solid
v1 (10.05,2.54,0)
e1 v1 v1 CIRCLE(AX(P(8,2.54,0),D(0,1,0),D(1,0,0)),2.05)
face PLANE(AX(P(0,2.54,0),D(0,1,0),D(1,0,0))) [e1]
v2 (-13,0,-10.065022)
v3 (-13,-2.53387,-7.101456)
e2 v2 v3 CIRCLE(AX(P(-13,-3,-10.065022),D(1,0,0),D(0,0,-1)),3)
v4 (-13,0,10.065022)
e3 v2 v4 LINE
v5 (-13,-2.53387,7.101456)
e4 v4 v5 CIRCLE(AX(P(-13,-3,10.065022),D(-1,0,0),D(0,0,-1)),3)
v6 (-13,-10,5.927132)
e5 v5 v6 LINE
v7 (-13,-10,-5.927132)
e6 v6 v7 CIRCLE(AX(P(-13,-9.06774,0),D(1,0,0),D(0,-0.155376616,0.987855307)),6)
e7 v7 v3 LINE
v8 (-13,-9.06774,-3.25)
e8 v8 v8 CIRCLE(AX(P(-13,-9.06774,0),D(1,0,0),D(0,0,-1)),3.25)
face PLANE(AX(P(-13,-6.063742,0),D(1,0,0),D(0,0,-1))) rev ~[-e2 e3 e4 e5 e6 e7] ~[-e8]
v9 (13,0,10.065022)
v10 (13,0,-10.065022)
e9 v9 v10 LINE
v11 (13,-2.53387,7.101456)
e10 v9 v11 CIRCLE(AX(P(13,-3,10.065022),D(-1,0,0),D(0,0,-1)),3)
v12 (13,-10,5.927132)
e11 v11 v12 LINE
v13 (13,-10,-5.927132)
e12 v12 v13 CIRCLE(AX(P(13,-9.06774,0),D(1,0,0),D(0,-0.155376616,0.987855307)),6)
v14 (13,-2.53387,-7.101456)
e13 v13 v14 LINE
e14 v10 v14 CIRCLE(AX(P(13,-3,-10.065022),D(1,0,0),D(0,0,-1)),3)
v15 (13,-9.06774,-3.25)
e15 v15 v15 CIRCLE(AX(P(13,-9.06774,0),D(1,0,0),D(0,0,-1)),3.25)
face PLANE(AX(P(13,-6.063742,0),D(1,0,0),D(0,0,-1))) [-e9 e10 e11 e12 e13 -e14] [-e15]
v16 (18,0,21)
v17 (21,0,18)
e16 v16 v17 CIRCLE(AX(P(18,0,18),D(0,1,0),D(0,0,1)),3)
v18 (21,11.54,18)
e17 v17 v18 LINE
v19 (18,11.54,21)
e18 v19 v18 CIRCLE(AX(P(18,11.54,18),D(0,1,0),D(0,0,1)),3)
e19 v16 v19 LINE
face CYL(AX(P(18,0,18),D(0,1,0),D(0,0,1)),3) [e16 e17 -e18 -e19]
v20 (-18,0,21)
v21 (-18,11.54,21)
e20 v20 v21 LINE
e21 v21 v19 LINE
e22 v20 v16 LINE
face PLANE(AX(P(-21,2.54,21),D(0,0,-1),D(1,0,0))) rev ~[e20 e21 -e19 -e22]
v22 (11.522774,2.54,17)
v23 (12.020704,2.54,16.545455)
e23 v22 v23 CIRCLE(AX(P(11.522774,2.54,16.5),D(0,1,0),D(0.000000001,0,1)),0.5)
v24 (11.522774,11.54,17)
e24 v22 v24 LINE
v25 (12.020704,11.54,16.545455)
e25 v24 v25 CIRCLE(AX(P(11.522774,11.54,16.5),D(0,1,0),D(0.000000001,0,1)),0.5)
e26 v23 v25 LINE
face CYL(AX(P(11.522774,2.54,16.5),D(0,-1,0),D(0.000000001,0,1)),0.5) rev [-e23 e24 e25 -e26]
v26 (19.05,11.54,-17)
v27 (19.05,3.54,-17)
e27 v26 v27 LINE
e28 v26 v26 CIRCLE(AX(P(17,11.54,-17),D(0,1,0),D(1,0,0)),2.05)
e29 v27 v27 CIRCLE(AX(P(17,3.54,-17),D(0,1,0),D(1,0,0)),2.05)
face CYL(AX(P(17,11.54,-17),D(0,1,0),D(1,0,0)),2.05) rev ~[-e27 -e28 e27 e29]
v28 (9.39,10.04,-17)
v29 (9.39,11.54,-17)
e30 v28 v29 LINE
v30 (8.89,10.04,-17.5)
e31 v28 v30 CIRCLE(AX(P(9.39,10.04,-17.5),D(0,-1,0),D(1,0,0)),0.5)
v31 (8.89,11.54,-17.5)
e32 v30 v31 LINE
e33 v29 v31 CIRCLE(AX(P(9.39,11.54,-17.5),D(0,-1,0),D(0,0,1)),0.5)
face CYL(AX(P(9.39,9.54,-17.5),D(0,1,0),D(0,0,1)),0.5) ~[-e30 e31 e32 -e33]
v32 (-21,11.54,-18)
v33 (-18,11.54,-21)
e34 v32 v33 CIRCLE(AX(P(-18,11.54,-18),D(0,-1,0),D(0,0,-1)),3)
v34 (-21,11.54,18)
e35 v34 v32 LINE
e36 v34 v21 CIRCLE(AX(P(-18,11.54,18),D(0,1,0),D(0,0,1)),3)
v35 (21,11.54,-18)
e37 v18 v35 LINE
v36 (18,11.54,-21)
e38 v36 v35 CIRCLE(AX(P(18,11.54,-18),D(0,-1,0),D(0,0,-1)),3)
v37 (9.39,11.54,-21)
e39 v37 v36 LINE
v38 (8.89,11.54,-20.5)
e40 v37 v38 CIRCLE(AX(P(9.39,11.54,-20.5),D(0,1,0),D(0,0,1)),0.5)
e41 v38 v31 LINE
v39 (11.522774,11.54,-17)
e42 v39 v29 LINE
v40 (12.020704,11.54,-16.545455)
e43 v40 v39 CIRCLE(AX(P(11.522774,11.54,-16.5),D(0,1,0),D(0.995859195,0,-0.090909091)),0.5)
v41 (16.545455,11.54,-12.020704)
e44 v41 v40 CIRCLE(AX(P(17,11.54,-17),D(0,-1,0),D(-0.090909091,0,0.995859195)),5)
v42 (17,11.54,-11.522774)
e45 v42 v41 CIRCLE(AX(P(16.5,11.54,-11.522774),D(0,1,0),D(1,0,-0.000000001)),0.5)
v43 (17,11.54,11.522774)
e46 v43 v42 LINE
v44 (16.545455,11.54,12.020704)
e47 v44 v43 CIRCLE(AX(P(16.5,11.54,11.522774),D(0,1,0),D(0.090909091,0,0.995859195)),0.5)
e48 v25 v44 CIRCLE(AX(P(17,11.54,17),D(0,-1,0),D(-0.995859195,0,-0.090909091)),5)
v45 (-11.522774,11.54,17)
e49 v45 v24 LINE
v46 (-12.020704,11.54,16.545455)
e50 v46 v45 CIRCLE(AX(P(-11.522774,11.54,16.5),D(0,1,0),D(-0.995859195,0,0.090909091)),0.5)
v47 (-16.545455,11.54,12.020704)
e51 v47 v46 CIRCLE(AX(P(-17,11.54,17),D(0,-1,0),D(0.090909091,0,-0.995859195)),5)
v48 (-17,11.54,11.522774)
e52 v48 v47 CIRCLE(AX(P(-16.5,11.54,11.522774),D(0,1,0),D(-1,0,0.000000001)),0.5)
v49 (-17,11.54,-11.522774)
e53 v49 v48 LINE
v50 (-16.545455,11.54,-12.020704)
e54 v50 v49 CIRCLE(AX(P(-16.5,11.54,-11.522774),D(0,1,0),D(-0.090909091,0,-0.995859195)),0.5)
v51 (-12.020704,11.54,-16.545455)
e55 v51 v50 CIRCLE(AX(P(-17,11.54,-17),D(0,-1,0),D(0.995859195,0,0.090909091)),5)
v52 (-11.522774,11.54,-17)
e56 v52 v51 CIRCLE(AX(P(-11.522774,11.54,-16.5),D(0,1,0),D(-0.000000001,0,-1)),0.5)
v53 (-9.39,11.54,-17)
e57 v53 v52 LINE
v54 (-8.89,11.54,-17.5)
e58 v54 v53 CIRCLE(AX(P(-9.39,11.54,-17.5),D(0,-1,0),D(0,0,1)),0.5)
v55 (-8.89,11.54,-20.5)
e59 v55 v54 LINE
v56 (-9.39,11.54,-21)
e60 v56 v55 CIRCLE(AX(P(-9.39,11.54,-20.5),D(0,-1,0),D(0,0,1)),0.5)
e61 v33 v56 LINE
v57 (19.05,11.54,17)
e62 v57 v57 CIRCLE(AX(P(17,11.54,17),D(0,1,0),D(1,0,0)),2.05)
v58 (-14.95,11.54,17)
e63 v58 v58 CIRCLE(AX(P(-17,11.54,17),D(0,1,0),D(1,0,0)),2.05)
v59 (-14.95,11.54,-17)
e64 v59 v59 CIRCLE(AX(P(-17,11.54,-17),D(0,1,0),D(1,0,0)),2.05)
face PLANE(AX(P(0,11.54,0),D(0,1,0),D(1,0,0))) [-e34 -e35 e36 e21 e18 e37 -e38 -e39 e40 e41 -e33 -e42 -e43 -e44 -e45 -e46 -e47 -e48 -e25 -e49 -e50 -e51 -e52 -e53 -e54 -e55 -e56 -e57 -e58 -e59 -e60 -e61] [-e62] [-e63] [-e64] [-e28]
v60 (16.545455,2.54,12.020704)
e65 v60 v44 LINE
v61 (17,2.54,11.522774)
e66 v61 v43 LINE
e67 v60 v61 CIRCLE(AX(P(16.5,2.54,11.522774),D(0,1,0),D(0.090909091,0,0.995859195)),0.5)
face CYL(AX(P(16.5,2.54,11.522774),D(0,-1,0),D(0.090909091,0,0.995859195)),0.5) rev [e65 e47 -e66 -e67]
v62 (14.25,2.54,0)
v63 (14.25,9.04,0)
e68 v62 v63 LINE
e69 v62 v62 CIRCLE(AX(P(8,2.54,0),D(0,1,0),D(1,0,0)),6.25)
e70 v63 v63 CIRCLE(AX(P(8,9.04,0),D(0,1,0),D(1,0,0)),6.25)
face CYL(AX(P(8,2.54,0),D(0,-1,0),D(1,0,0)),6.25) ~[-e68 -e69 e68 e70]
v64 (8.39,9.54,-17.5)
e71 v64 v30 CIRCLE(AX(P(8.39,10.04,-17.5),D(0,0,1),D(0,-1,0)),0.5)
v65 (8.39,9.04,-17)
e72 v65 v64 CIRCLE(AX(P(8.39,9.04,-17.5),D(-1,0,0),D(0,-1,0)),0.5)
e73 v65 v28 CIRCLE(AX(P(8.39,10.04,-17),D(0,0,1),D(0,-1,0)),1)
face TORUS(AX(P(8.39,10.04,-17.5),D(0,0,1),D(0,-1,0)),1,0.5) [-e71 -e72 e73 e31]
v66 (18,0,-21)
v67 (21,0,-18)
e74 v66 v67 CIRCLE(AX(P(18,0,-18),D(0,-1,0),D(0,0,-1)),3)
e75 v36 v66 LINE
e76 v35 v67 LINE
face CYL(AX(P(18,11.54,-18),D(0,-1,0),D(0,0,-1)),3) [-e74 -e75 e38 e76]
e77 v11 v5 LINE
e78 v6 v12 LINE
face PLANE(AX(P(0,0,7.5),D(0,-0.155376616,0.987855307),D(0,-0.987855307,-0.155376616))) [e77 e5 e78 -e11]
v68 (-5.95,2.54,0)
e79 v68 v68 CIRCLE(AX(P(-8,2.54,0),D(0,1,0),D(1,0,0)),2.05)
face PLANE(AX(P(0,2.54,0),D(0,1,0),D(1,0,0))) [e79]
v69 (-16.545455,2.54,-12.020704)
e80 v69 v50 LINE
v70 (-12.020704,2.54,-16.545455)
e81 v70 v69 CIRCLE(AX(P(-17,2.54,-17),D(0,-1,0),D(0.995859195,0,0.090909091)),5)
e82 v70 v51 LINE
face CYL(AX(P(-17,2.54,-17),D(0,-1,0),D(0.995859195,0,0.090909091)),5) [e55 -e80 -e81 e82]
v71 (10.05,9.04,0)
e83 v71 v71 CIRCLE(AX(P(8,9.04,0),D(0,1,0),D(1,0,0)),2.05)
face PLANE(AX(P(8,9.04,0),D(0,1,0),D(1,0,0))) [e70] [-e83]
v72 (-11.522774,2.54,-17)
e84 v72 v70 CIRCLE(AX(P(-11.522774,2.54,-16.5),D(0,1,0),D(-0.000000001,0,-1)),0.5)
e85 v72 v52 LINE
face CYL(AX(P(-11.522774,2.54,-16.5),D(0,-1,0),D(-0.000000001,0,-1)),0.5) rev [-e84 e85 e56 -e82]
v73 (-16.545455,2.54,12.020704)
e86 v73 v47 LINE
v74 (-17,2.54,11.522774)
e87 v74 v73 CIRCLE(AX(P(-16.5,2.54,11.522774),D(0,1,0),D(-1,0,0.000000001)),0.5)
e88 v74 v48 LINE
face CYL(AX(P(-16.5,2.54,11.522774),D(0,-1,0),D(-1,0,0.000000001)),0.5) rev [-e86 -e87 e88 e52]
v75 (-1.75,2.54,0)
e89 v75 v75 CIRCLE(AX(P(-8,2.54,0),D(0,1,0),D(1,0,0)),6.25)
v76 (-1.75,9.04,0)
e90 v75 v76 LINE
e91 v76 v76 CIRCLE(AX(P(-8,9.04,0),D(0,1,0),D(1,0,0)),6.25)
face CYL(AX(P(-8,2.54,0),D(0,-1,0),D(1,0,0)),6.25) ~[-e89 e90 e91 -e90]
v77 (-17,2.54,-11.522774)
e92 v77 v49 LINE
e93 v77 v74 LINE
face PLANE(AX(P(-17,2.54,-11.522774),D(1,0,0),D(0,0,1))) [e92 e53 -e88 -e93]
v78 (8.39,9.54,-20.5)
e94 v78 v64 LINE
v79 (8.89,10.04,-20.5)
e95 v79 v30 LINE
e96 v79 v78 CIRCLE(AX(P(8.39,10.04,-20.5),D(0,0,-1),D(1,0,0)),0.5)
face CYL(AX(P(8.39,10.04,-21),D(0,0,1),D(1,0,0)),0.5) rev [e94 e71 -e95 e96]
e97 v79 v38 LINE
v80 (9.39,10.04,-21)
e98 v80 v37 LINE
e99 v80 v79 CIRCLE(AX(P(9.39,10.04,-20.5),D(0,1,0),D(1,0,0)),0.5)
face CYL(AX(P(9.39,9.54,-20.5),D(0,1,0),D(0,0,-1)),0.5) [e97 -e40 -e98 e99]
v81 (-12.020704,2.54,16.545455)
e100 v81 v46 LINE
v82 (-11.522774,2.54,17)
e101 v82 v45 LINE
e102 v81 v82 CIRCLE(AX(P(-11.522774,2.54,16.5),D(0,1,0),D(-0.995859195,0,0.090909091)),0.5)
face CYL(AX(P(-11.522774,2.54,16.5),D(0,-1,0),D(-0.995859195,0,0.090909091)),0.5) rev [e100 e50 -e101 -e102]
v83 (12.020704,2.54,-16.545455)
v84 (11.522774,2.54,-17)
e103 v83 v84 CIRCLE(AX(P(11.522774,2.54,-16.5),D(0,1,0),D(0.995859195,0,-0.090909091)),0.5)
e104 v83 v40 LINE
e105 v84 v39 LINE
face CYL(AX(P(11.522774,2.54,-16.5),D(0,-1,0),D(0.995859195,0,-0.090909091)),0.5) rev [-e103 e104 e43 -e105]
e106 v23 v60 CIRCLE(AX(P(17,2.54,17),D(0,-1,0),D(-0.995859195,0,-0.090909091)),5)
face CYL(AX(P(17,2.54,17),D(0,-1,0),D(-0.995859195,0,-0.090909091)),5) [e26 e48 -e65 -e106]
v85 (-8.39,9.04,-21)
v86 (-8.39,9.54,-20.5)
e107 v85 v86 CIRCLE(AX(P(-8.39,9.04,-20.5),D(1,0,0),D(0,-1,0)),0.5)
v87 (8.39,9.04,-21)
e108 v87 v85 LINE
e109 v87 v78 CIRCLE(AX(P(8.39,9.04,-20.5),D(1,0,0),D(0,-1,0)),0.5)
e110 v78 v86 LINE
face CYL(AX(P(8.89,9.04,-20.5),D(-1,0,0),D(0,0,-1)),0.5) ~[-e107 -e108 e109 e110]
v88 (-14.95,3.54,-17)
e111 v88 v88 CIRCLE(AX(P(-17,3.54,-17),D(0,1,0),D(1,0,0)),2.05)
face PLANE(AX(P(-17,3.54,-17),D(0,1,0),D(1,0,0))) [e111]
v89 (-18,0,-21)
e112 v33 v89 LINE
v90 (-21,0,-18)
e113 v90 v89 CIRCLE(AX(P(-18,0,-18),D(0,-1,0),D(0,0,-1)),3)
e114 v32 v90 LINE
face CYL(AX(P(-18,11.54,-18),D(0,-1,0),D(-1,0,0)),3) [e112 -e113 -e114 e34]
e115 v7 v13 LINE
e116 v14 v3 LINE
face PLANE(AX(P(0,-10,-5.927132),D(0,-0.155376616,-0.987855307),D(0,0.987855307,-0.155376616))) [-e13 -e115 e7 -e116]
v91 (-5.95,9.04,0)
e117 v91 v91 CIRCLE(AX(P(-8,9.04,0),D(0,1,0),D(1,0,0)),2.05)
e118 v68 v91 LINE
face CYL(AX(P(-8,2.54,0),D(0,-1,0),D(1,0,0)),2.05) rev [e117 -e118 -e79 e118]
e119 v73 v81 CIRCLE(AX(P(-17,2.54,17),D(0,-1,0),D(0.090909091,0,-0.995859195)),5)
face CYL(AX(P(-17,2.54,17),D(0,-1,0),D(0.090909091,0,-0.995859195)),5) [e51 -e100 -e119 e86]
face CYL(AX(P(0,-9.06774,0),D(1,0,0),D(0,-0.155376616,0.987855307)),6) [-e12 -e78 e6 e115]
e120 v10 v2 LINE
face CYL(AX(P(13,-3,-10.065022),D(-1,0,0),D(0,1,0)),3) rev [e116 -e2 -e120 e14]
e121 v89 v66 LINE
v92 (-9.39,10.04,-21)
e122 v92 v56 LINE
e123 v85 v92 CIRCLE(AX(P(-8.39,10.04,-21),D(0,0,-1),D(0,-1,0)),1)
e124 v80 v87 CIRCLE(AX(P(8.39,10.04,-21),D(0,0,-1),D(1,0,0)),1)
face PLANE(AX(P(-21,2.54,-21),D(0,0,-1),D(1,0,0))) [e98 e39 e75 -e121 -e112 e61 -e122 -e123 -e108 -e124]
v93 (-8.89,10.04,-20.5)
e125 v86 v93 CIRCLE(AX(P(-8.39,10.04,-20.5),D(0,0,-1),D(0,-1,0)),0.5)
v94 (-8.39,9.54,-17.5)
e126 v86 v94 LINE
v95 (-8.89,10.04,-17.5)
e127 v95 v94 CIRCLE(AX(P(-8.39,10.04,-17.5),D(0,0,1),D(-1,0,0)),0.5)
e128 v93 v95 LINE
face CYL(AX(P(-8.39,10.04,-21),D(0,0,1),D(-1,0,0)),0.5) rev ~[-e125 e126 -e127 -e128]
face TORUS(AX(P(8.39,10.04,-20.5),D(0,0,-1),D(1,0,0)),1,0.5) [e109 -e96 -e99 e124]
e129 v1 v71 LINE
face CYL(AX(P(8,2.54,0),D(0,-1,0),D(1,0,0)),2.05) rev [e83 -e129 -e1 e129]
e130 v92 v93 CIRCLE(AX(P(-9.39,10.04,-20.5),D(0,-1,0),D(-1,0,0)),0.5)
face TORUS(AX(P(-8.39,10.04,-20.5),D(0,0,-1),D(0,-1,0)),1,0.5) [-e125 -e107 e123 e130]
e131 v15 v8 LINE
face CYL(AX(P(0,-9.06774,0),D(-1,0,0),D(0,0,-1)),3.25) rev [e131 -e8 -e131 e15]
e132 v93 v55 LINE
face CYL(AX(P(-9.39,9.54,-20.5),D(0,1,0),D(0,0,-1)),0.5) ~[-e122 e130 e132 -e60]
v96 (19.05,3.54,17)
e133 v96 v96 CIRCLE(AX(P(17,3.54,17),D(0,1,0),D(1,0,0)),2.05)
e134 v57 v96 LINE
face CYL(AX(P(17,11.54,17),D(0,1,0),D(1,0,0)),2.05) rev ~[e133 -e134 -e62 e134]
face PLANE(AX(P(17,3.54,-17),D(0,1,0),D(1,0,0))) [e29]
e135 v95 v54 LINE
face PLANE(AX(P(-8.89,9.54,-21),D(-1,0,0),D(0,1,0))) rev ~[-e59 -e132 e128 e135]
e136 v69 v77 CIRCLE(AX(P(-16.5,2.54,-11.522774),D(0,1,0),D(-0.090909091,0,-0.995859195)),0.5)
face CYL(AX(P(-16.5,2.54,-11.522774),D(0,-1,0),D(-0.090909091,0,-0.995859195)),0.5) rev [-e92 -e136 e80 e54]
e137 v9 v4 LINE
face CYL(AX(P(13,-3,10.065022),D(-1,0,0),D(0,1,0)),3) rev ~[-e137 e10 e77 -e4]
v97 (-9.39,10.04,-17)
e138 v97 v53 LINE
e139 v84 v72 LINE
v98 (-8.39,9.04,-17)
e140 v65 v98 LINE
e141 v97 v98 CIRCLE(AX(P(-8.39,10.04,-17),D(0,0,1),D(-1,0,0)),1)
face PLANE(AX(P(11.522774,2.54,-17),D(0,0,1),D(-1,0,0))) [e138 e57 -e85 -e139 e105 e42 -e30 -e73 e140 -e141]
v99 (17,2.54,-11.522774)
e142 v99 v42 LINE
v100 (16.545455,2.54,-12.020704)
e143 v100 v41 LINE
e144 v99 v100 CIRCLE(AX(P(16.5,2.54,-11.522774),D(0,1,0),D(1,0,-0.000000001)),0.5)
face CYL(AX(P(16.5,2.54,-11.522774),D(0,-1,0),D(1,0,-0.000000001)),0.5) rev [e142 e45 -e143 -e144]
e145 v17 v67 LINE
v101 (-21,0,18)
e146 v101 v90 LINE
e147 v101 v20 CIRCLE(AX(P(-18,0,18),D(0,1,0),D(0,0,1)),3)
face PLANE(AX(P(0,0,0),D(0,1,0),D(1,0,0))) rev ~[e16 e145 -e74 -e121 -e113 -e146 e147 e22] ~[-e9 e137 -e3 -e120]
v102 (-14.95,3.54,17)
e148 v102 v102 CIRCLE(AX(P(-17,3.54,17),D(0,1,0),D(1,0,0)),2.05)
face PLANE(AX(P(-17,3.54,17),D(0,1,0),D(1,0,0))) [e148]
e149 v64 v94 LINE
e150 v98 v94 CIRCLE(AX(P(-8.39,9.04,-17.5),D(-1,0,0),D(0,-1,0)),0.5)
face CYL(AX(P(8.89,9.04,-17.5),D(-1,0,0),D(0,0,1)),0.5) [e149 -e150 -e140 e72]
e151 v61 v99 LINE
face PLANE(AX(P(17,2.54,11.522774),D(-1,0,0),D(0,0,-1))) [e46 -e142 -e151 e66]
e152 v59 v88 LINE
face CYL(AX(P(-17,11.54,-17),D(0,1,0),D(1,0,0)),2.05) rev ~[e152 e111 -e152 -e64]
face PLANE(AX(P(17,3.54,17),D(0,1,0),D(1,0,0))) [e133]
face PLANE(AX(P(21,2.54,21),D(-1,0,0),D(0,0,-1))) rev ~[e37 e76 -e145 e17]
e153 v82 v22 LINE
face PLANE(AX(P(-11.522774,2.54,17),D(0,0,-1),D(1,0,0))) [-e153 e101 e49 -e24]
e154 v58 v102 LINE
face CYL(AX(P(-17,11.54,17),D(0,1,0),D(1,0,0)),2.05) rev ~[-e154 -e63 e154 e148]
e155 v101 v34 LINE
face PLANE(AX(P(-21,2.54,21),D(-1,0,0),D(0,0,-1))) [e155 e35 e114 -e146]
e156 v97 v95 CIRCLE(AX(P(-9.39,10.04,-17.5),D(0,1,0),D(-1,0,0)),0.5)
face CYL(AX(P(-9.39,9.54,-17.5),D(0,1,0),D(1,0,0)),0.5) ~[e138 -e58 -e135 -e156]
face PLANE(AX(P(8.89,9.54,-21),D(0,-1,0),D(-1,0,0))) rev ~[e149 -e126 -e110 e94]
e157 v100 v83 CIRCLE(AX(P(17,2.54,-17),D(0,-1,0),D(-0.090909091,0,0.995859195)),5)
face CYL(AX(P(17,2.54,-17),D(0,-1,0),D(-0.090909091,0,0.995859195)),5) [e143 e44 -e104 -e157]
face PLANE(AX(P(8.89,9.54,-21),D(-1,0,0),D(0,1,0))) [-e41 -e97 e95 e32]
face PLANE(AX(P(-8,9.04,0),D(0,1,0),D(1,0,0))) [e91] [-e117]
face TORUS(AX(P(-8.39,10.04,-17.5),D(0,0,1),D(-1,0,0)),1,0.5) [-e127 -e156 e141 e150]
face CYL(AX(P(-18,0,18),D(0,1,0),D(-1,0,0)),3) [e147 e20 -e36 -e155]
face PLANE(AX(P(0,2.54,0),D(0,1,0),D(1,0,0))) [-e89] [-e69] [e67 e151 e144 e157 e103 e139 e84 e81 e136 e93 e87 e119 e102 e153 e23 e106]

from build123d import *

# Parameters (mm, degrees)
SKETCH1_W           = 42
SKETCH1_H           = 42
BOSS_EXTRUDE1_DEPTH = 2.54
SKETCH2_W           = 42
SKETCH2_H           = 42
BOSS_EXTRUDE2_DEPTH = 9
SKETCH13_R          = 3.25
BOSS_EXTRUDE6_DEPTH = 13
SKETCH9_R           = 6.25
SKETCH9_R_2         = 2.05
BOSS_EXTRUDE5_DEPTH = 6.5
SKETCH10_R          = 2.05
CUT_EXTRUDE1_DEPTH  = 8
SKETCH12_W          = 17.78
SKETCH12_H          = 2
CUT_EXTRUDE2_DEPTH  = 4
FILLET1_R           = 3
FILLET2_R           = 0.5
FILLET3_R           = 3


with BuildPart() as part:
    # Sketch1 → Boss-Extrude1 (new body)
    with BuildSketch(Plane(origin=(0, 0, 0), x_dir=(1, 0, 0), z_dir=(0, 1, 0))):
        Rectangle(SKETCH1_W, SKETCH1_H)
    extrude(amount=BOSS_EXTRUDE1_DEPTH)

    # Sketch2 → Boss-Extrude2 (add)
    with BuildSketch(Plane(origin=(0, 2.54, 0), x_dir=(1, 0, 0), z_dir=(0, 1, 0))):
        Rectangle(SKETCH2_W, SKETCH2_H)
        with BuildLine():
            Line((-17, 11.522774425), (-17, -11.522774425))
            ThreePointArc((-17, -11.522774425), (-16.869274473, -11.859874356), (-16.545454545, -12.020704023))
            ThreePointArc((-16.545454545, -12.020704023), (-13.464466094, -13.464466094), (-12.020704023, -16.545454545))
            ThreePointArc((-12.020704023, -16.545454545), (-11.859874356, -16.869274473), (-11.522774425, -17))
            Line((-11.522774425, -17), (11.522774425, -17))
            ThreePointArc((11.522774425, -17), (11.859874356, -16.869274473), (12.020704023, -16.545454545))
            ThreePointArc((12.020704023, -16.545454545), (13.464466094, -13.464466094), (16.545454545, -12.020704023))
            ThreePointArc((16.545454545, -12.020704023), (16.869274473, -11.859874356), (17, -11.522774425))
            Line((17, -11.522774425), (17, 11.522774425))
            ThreePointArc((17, 11.522774425), (16.869274473, 11.859874356), (16.545454545, 12.020704023))
            ThreePointArc((16.545454545, 12.020704023), (13.464466094, 13.464466094), (12.020704023, 16.545454545))
            ThreePointArc((12.020704023, 16.545454545), (11.859874356, 16.869274473), (11.522774425, 17))
            Line((11.522774425, 17), (-11.522774425, 17))
            ThreePointArc((-11.522774425, 17), (-11.859874356, 16.869274473), (-12.020704023, 16.545454545))
            ThreePointArc((-12.020704023, 16.545454545), (-13.464466094, 13.464466094), (-16.545454545, 12.020704023))
            ThreePointArc((-16.545454545, 12.020704023), (-16.869274473, 11.859874356), (-17, 11.522774425))
        make_face(mode=Mode.SUBTRACT)
    extrude(amount=BOSS_EXTRUDE2_DEPTH)

    # Sketch13 → Boss-Extrude6 (add, symmetric)
    with BuildSketch(Plane(origin=(0, 0, 0), x_dir=(0, 0, -1), z_dir=(1, 0, 0))):
        with BuildLine():
            Line((-7.5, 0), (-5.927131841, -10))
            ThreePointArc((-5.927131841, -10), (0, -15.067740305), (5.927131841, -10))
            Line((5.927131841, -10), (7.5, 0))
            Line((7.5, 0), (-7.5, 0))
        make_face()
        with Locations((0, -9.067740305)):
            Circle(SKETCH13_R, mode=Mode.SUBTRACT)
    extrude(amount=BOSS_EXTRUDE6_DEPTH, both=True)

    # Sketch9 → Boss-Extrude5 (add)
    with BuildSketch(Plane(origin=(0, 2.54, 0), x_dir=(1, 0, 0), z_dir=(0, 1, 0))):
        with Locations((8, 0)):
            Circle(SKETCH9_R)
        with Locations((8, 0)):
            Circle(SKETCH9_R_2, mode=Mode.SUBTRACT)
        with Locations((-8, 0)):
            Circle(SKETCH9_R)
        with Locations((-8, 0)):
            Circle(SKETCH9_R_2, mode=Mode.SUBTRACT)
    extrude(amount=BOSS_EXTRUDE5_DEPTH)

    # Sketch10 → Cut-Extrude1 (cut)
    with BuildSketch(Plane(origin=(0, 11.54, 0), x_dir=(1, 0, 0), z_dir=(0, 1, 0))):
        with Locations((-17, 17)):
            Circle(SKETCH10_R)
        with Locations((17, 17)):
            Circle(SKETCH10_R)
        with Locations((-17, -17)):
            Circle(SKETCH10_R)
        with Locations((17, -17)):
            Circle(SKETCH10_R)
    extrude(amount=-CUT_EXTRUDE1_DEPTH, mode=Mode.SUBTRACT)

    # Sketch12 → Cut-Extrude2 (cut)
    with BuildSketch(Plane(origin=(0, 0, -21), x_dir=(-1, 0, 0), z_dir=(0, 0, -1))):
        with Locations((0, 10.54)):
            Rectangle(SKETCH12_W, SKETCH12_H)
    extrude(amount=-CUT_EXTRUDE2_DEPTH, mode=Mode.SUBTRACT)

    # Fillet1
    fillet1_edges = [part.edges().sort_by_distance(p)[0] for p in [
        (21, 5.77, 21),
        (-21, 5.77, 21),
        (-21, 5.77, -21),
        (21, 5.77, -21),
    ]]
    fillet(fillet1_edges, radius=FILLET1_R)

    # Fillet2
    fillet2_edges = [part.edges().sort_by_distance(p)[0] for p in [
        (8.89, 10.54, -21),
        (0, 9.54, -21),
        (-8.89, 10.54, -21),
        (0, 9.54, -17),
        (-8.89, 9.54, -19),
        (-8.89, 10.54, -17),
        (8.89, 10.54, -17),
        (8.89, 9.54, -19),
    ]]
    fillet(fillet2_edges, radius=FILLET2_R)

    # Fillet3
    fillet3_edges = [part.edges().sort_by_distance(p)[0] for p in [
        (0, 0, -7.5),
        (0, 0, 7.5),
    ]]
    fillet(fillet3_edges, radius=FILLET3_R)


solid = part.part
